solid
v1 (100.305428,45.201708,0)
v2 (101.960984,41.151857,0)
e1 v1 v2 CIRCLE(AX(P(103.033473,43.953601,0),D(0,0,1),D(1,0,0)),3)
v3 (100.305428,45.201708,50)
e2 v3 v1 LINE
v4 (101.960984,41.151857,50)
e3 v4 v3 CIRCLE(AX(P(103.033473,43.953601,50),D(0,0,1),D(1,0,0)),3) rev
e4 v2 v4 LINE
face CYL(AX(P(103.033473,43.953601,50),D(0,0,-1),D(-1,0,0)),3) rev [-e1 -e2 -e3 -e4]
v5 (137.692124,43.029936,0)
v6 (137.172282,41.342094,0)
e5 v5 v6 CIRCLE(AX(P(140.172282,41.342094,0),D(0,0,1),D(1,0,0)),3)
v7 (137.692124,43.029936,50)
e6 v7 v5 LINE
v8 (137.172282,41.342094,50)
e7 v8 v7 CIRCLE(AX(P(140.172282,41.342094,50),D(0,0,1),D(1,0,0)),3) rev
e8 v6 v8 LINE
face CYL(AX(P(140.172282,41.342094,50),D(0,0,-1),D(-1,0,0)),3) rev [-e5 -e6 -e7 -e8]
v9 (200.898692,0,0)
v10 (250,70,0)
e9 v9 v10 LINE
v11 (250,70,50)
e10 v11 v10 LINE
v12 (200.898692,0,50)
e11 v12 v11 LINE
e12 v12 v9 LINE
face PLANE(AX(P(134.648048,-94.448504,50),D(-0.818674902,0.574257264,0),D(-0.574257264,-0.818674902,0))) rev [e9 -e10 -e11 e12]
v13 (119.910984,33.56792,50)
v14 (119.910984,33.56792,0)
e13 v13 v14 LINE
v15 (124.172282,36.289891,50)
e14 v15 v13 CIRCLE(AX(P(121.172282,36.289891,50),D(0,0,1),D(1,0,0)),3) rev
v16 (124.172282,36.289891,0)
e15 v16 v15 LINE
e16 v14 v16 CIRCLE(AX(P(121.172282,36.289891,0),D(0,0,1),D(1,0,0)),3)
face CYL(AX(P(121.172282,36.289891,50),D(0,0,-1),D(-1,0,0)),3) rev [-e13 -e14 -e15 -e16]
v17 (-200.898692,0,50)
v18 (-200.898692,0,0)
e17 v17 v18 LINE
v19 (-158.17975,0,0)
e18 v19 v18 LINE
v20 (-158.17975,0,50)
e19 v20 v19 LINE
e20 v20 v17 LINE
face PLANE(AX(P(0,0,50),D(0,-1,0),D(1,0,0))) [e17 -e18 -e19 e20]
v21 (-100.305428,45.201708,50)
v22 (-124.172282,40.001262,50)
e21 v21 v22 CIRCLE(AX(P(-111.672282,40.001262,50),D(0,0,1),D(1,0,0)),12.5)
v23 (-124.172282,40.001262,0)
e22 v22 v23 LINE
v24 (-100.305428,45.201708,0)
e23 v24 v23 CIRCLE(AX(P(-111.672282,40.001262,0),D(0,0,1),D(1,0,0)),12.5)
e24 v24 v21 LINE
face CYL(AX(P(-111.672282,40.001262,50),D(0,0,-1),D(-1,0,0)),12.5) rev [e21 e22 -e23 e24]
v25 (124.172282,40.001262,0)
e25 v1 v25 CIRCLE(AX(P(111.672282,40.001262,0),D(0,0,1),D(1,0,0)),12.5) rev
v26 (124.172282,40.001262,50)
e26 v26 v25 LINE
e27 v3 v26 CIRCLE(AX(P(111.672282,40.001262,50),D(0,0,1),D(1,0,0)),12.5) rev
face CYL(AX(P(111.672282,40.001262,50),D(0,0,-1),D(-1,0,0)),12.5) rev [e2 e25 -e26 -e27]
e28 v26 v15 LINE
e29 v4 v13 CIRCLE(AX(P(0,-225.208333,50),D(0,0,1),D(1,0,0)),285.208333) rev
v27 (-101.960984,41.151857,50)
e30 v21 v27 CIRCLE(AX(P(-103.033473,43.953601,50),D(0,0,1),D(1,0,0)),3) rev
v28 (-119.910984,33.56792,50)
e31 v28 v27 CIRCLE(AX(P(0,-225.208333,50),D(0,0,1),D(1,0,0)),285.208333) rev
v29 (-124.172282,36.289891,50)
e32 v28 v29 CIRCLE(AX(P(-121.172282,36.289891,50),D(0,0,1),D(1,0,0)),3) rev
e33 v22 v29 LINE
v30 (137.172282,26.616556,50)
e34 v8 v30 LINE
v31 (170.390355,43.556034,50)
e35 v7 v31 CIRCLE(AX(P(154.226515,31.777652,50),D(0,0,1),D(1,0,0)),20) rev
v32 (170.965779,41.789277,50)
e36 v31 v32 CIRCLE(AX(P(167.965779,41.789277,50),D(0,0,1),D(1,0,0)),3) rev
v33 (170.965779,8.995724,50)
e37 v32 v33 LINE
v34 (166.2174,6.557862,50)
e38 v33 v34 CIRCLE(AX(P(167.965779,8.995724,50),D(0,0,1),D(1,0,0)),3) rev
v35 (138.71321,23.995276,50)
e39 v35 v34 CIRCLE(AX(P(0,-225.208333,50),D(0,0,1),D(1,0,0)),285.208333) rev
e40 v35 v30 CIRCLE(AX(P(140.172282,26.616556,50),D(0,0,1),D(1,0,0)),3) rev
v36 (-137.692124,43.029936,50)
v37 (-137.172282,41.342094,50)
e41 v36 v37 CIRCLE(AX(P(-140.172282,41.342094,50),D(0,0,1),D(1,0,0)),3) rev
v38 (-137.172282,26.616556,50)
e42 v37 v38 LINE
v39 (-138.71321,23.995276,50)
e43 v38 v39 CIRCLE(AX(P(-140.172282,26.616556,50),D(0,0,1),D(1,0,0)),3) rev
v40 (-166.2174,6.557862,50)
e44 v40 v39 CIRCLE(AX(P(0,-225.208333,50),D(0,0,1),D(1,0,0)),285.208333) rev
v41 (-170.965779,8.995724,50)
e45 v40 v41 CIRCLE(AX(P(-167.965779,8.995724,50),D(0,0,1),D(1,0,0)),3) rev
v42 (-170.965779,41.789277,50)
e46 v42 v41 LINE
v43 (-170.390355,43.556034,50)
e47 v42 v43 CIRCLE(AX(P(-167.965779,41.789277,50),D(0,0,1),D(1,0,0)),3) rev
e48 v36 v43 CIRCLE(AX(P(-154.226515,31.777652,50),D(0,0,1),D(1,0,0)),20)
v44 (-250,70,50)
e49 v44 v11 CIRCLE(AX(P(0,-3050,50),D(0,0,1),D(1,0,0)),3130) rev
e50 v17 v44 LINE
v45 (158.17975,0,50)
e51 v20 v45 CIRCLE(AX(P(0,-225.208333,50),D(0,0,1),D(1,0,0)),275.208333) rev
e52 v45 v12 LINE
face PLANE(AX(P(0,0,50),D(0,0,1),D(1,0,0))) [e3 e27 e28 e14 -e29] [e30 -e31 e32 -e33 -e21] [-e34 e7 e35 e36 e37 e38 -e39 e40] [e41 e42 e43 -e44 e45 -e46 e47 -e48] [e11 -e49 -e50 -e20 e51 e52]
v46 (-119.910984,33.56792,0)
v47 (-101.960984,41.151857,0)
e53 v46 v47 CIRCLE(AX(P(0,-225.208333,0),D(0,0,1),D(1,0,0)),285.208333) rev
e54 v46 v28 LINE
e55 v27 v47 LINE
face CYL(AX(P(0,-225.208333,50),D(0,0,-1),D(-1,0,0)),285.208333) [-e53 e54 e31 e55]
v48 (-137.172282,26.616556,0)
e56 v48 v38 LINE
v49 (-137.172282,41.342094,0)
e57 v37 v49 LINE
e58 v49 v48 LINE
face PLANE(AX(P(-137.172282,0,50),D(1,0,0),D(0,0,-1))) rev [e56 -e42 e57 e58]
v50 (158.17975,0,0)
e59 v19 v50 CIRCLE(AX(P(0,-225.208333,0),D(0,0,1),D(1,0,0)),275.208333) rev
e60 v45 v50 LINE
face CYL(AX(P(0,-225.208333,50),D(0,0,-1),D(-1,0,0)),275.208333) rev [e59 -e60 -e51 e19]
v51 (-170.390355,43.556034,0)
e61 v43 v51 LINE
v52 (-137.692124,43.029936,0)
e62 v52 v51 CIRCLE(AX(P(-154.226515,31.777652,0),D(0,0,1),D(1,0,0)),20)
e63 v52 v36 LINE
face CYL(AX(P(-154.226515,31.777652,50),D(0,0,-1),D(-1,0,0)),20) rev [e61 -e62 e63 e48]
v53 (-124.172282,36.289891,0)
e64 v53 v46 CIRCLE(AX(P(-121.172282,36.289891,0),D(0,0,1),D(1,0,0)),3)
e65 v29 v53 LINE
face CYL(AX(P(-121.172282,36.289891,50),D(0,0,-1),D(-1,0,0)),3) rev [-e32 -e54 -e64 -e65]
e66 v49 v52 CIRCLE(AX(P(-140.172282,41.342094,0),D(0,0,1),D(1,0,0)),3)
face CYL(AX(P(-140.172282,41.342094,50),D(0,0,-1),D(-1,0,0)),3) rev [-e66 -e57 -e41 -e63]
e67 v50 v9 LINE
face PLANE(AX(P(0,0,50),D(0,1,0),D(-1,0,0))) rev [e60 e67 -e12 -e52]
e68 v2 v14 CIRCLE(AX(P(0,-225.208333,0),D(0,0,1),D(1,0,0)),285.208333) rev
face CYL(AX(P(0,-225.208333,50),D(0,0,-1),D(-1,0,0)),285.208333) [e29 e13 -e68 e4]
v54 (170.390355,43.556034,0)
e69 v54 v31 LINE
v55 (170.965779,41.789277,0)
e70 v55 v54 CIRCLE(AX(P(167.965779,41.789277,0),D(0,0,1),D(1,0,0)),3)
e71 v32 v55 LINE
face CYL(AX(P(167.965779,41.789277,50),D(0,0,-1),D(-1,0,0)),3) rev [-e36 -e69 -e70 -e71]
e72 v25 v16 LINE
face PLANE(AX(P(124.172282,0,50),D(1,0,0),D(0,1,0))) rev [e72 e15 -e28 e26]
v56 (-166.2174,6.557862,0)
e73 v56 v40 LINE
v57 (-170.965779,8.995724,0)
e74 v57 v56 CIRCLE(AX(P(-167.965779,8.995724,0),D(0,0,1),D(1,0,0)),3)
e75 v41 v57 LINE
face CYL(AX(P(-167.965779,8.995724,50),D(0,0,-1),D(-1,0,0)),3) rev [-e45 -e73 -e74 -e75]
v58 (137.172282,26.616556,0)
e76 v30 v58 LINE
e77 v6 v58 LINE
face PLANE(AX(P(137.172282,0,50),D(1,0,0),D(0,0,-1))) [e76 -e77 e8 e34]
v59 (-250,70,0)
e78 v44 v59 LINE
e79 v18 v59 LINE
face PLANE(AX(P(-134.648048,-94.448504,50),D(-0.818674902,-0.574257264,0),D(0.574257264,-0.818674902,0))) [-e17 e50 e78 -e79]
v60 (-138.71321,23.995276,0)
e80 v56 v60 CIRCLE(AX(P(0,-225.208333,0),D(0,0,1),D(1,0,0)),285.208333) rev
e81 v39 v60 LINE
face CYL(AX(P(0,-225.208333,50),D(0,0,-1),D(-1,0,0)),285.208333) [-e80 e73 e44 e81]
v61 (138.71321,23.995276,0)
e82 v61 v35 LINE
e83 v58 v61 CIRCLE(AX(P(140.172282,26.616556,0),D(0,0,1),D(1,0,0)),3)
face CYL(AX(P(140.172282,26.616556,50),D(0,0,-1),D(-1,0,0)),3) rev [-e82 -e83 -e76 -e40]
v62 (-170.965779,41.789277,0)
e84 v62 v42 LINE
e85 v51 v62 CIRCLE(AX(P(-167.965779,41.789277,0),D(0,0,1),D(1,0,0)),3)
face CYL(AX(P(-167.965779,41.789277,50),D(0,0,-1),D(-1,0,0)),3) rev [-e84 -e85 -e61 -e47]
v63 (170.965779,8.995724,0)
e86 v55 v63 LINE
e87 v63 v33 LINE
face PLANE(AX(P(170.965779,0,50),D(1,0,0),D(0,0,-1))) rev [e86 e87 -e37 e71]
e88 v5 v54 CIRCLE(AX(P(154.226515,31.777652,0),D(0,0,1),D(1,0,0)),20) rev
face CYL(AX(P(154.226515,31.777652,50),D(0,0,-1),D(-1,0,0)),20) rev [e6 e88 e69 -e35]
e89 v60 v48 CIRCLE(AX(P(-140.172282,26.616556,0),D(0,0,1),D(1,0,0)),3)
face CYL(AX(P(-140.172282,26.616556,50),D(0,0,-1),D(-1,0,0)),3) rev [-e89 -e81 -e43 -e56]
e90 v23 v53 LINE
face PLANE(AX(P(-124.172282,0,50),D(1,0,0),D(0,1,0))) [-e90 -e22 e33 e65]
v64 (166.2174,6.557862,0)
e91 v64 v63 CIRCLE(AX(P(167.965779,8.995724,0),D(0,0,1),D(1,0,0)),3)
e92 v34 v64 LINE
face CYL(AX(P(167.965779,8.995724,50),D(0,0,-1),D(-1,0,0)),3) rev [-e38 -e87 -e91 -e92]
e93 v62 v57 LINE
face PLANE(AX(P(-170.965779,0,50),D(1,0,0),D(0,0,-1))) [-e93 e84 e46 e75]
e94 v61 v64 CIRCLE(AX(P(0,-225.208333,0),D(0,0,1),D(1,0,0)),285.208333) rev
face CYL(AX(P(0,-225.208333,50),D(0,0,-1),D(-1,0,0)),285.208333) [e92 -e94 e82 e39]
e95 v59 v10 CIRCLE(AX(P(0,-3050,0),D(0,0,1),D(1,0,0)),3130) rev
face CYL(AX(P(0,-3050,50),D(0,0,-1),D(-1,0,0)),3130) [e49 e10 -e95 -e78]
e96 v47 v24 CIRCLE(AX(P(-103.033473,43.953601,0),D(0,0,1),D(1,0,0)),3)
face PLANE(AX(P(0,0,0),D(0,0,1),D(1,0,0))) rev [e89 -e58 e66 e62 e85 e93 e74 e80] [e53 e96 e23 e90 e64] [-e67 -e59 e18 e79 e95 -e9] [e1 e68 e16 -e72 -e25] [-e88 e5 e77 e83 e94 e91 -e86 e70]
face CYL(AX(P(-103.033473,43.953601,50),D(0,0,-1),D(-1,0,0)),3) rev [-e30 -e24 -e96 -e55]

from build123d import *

# Parameters (mm, degrees)
EXTRUDE_1_DEPTH = 50
FILLET_1_R      = 3


with BuildPart() as part:
    # 草图2 → 凸台-拉伸1 (new body)
    with BuildSketch(Plane.XY):
        with BuildLine():
            Line((-200.898692044, 0), (-175, 0))
            ThreePointArc((-175, 0), (-172.9897341, 1.547802854), (-170.96577925, 3.077662138))
            Line((-170.96577925, 3.077662138), (-170.96577925, 42.722835601))
            ThreePointArc((-170.96577925, 42.722835601), (-153.932084993, 51.775484786), (-137.172282431, 42.225290265))
            Line((-137.172282431, 42.225290265), (-137.172282431, 24.846777263))
            ThreePointArc((-137.172282431, 24.846777263), (-130.71526297, 28.281929654), (-124.172282431, 31.55038157))
            Line((-124.172282431, 31.55038157), (-124.172282431, 40.001262339))
            ThreePointArc((-124.172282431, 40.001262339), (-112.742884956, 52.455330358), (-99.355672794, 42.134599408))
            ThreePointArc((-99.355672794, 42.134599408), (0, 60), (99.355672794, 42.134599408))
            ThreePointArc((99.355672794, 42.134599408), (112.742884956, 52.455330358), (124.172282431, 40.001262339))
            Line((124.172282431, 40.001262339), (124.172282431, 31.55038157))
            ThreePointArc((124.172282431, 31.55038157), (130.71526297, 28.281929654), (137.172282431, 24.846777263))
            Line((137.172282431, 24.846777263), (137.172282431, 42.225290265))
            ThreePointArc((137.172282431, 42.225290265), (153.932084993, 51.775484786), (170.96577925, 42.722835601))
            Line((170.96577925, 42.722835601), (170.96577925, 3.077662138))
            ThreePointArc((170.96577925, 3.077662138), (172.9897341, 1.547802854), (175, 0))
            Line((175, 0), (200.898692044, 0))
            Line((200.898692044, 0), (250, 70))
            ThreePointArc((250, 70), (0, 80), (-250, 70))
            Line((-250, 70), (-200.898692044, 0))
        make_face()
        with BuildLine():
            Line((-175, 0), (-158.179750074, 0))
            ThreePointArc((-158.179750074, 0), (0, 50), (158.179750074, 0))
            Line((158.179750074, 0), (175, 0))
            ThreePointArc((175, 0), (0, 60), (-175, 0))
        make_face()
    extrude(amount=EXTRUDE_1_DEPTH)

    # 圆角1
    fillet_1_edges = [part.edges().sort_by_distance(p)[0] for p in [
        (137.172282431, 24.846777263, 25),
        (170.96577925, 3.077662138, 25),
        (170.96577925, 42.722835601, 25),
        (137.172282431, 42.225290265, 25),
        (124.172282431, 31.55038157, 25),
        (99.355672794, 42.134599408, 25),
        (-99.355672794, 42.134599408, 25),
        (-124.172282431, 31.55038157, 25),
        (-137.172282431, 24.846777263, 25),
        (-137.172282431, 42.225290265, 25),
        (-170.96577925, 42.722835601, 25),
        (-170.96577925, 3.077662138, 25),
    ]]
    fillet(fillet_1_edges, radius=FILLET_1_R)


solid = part.part
